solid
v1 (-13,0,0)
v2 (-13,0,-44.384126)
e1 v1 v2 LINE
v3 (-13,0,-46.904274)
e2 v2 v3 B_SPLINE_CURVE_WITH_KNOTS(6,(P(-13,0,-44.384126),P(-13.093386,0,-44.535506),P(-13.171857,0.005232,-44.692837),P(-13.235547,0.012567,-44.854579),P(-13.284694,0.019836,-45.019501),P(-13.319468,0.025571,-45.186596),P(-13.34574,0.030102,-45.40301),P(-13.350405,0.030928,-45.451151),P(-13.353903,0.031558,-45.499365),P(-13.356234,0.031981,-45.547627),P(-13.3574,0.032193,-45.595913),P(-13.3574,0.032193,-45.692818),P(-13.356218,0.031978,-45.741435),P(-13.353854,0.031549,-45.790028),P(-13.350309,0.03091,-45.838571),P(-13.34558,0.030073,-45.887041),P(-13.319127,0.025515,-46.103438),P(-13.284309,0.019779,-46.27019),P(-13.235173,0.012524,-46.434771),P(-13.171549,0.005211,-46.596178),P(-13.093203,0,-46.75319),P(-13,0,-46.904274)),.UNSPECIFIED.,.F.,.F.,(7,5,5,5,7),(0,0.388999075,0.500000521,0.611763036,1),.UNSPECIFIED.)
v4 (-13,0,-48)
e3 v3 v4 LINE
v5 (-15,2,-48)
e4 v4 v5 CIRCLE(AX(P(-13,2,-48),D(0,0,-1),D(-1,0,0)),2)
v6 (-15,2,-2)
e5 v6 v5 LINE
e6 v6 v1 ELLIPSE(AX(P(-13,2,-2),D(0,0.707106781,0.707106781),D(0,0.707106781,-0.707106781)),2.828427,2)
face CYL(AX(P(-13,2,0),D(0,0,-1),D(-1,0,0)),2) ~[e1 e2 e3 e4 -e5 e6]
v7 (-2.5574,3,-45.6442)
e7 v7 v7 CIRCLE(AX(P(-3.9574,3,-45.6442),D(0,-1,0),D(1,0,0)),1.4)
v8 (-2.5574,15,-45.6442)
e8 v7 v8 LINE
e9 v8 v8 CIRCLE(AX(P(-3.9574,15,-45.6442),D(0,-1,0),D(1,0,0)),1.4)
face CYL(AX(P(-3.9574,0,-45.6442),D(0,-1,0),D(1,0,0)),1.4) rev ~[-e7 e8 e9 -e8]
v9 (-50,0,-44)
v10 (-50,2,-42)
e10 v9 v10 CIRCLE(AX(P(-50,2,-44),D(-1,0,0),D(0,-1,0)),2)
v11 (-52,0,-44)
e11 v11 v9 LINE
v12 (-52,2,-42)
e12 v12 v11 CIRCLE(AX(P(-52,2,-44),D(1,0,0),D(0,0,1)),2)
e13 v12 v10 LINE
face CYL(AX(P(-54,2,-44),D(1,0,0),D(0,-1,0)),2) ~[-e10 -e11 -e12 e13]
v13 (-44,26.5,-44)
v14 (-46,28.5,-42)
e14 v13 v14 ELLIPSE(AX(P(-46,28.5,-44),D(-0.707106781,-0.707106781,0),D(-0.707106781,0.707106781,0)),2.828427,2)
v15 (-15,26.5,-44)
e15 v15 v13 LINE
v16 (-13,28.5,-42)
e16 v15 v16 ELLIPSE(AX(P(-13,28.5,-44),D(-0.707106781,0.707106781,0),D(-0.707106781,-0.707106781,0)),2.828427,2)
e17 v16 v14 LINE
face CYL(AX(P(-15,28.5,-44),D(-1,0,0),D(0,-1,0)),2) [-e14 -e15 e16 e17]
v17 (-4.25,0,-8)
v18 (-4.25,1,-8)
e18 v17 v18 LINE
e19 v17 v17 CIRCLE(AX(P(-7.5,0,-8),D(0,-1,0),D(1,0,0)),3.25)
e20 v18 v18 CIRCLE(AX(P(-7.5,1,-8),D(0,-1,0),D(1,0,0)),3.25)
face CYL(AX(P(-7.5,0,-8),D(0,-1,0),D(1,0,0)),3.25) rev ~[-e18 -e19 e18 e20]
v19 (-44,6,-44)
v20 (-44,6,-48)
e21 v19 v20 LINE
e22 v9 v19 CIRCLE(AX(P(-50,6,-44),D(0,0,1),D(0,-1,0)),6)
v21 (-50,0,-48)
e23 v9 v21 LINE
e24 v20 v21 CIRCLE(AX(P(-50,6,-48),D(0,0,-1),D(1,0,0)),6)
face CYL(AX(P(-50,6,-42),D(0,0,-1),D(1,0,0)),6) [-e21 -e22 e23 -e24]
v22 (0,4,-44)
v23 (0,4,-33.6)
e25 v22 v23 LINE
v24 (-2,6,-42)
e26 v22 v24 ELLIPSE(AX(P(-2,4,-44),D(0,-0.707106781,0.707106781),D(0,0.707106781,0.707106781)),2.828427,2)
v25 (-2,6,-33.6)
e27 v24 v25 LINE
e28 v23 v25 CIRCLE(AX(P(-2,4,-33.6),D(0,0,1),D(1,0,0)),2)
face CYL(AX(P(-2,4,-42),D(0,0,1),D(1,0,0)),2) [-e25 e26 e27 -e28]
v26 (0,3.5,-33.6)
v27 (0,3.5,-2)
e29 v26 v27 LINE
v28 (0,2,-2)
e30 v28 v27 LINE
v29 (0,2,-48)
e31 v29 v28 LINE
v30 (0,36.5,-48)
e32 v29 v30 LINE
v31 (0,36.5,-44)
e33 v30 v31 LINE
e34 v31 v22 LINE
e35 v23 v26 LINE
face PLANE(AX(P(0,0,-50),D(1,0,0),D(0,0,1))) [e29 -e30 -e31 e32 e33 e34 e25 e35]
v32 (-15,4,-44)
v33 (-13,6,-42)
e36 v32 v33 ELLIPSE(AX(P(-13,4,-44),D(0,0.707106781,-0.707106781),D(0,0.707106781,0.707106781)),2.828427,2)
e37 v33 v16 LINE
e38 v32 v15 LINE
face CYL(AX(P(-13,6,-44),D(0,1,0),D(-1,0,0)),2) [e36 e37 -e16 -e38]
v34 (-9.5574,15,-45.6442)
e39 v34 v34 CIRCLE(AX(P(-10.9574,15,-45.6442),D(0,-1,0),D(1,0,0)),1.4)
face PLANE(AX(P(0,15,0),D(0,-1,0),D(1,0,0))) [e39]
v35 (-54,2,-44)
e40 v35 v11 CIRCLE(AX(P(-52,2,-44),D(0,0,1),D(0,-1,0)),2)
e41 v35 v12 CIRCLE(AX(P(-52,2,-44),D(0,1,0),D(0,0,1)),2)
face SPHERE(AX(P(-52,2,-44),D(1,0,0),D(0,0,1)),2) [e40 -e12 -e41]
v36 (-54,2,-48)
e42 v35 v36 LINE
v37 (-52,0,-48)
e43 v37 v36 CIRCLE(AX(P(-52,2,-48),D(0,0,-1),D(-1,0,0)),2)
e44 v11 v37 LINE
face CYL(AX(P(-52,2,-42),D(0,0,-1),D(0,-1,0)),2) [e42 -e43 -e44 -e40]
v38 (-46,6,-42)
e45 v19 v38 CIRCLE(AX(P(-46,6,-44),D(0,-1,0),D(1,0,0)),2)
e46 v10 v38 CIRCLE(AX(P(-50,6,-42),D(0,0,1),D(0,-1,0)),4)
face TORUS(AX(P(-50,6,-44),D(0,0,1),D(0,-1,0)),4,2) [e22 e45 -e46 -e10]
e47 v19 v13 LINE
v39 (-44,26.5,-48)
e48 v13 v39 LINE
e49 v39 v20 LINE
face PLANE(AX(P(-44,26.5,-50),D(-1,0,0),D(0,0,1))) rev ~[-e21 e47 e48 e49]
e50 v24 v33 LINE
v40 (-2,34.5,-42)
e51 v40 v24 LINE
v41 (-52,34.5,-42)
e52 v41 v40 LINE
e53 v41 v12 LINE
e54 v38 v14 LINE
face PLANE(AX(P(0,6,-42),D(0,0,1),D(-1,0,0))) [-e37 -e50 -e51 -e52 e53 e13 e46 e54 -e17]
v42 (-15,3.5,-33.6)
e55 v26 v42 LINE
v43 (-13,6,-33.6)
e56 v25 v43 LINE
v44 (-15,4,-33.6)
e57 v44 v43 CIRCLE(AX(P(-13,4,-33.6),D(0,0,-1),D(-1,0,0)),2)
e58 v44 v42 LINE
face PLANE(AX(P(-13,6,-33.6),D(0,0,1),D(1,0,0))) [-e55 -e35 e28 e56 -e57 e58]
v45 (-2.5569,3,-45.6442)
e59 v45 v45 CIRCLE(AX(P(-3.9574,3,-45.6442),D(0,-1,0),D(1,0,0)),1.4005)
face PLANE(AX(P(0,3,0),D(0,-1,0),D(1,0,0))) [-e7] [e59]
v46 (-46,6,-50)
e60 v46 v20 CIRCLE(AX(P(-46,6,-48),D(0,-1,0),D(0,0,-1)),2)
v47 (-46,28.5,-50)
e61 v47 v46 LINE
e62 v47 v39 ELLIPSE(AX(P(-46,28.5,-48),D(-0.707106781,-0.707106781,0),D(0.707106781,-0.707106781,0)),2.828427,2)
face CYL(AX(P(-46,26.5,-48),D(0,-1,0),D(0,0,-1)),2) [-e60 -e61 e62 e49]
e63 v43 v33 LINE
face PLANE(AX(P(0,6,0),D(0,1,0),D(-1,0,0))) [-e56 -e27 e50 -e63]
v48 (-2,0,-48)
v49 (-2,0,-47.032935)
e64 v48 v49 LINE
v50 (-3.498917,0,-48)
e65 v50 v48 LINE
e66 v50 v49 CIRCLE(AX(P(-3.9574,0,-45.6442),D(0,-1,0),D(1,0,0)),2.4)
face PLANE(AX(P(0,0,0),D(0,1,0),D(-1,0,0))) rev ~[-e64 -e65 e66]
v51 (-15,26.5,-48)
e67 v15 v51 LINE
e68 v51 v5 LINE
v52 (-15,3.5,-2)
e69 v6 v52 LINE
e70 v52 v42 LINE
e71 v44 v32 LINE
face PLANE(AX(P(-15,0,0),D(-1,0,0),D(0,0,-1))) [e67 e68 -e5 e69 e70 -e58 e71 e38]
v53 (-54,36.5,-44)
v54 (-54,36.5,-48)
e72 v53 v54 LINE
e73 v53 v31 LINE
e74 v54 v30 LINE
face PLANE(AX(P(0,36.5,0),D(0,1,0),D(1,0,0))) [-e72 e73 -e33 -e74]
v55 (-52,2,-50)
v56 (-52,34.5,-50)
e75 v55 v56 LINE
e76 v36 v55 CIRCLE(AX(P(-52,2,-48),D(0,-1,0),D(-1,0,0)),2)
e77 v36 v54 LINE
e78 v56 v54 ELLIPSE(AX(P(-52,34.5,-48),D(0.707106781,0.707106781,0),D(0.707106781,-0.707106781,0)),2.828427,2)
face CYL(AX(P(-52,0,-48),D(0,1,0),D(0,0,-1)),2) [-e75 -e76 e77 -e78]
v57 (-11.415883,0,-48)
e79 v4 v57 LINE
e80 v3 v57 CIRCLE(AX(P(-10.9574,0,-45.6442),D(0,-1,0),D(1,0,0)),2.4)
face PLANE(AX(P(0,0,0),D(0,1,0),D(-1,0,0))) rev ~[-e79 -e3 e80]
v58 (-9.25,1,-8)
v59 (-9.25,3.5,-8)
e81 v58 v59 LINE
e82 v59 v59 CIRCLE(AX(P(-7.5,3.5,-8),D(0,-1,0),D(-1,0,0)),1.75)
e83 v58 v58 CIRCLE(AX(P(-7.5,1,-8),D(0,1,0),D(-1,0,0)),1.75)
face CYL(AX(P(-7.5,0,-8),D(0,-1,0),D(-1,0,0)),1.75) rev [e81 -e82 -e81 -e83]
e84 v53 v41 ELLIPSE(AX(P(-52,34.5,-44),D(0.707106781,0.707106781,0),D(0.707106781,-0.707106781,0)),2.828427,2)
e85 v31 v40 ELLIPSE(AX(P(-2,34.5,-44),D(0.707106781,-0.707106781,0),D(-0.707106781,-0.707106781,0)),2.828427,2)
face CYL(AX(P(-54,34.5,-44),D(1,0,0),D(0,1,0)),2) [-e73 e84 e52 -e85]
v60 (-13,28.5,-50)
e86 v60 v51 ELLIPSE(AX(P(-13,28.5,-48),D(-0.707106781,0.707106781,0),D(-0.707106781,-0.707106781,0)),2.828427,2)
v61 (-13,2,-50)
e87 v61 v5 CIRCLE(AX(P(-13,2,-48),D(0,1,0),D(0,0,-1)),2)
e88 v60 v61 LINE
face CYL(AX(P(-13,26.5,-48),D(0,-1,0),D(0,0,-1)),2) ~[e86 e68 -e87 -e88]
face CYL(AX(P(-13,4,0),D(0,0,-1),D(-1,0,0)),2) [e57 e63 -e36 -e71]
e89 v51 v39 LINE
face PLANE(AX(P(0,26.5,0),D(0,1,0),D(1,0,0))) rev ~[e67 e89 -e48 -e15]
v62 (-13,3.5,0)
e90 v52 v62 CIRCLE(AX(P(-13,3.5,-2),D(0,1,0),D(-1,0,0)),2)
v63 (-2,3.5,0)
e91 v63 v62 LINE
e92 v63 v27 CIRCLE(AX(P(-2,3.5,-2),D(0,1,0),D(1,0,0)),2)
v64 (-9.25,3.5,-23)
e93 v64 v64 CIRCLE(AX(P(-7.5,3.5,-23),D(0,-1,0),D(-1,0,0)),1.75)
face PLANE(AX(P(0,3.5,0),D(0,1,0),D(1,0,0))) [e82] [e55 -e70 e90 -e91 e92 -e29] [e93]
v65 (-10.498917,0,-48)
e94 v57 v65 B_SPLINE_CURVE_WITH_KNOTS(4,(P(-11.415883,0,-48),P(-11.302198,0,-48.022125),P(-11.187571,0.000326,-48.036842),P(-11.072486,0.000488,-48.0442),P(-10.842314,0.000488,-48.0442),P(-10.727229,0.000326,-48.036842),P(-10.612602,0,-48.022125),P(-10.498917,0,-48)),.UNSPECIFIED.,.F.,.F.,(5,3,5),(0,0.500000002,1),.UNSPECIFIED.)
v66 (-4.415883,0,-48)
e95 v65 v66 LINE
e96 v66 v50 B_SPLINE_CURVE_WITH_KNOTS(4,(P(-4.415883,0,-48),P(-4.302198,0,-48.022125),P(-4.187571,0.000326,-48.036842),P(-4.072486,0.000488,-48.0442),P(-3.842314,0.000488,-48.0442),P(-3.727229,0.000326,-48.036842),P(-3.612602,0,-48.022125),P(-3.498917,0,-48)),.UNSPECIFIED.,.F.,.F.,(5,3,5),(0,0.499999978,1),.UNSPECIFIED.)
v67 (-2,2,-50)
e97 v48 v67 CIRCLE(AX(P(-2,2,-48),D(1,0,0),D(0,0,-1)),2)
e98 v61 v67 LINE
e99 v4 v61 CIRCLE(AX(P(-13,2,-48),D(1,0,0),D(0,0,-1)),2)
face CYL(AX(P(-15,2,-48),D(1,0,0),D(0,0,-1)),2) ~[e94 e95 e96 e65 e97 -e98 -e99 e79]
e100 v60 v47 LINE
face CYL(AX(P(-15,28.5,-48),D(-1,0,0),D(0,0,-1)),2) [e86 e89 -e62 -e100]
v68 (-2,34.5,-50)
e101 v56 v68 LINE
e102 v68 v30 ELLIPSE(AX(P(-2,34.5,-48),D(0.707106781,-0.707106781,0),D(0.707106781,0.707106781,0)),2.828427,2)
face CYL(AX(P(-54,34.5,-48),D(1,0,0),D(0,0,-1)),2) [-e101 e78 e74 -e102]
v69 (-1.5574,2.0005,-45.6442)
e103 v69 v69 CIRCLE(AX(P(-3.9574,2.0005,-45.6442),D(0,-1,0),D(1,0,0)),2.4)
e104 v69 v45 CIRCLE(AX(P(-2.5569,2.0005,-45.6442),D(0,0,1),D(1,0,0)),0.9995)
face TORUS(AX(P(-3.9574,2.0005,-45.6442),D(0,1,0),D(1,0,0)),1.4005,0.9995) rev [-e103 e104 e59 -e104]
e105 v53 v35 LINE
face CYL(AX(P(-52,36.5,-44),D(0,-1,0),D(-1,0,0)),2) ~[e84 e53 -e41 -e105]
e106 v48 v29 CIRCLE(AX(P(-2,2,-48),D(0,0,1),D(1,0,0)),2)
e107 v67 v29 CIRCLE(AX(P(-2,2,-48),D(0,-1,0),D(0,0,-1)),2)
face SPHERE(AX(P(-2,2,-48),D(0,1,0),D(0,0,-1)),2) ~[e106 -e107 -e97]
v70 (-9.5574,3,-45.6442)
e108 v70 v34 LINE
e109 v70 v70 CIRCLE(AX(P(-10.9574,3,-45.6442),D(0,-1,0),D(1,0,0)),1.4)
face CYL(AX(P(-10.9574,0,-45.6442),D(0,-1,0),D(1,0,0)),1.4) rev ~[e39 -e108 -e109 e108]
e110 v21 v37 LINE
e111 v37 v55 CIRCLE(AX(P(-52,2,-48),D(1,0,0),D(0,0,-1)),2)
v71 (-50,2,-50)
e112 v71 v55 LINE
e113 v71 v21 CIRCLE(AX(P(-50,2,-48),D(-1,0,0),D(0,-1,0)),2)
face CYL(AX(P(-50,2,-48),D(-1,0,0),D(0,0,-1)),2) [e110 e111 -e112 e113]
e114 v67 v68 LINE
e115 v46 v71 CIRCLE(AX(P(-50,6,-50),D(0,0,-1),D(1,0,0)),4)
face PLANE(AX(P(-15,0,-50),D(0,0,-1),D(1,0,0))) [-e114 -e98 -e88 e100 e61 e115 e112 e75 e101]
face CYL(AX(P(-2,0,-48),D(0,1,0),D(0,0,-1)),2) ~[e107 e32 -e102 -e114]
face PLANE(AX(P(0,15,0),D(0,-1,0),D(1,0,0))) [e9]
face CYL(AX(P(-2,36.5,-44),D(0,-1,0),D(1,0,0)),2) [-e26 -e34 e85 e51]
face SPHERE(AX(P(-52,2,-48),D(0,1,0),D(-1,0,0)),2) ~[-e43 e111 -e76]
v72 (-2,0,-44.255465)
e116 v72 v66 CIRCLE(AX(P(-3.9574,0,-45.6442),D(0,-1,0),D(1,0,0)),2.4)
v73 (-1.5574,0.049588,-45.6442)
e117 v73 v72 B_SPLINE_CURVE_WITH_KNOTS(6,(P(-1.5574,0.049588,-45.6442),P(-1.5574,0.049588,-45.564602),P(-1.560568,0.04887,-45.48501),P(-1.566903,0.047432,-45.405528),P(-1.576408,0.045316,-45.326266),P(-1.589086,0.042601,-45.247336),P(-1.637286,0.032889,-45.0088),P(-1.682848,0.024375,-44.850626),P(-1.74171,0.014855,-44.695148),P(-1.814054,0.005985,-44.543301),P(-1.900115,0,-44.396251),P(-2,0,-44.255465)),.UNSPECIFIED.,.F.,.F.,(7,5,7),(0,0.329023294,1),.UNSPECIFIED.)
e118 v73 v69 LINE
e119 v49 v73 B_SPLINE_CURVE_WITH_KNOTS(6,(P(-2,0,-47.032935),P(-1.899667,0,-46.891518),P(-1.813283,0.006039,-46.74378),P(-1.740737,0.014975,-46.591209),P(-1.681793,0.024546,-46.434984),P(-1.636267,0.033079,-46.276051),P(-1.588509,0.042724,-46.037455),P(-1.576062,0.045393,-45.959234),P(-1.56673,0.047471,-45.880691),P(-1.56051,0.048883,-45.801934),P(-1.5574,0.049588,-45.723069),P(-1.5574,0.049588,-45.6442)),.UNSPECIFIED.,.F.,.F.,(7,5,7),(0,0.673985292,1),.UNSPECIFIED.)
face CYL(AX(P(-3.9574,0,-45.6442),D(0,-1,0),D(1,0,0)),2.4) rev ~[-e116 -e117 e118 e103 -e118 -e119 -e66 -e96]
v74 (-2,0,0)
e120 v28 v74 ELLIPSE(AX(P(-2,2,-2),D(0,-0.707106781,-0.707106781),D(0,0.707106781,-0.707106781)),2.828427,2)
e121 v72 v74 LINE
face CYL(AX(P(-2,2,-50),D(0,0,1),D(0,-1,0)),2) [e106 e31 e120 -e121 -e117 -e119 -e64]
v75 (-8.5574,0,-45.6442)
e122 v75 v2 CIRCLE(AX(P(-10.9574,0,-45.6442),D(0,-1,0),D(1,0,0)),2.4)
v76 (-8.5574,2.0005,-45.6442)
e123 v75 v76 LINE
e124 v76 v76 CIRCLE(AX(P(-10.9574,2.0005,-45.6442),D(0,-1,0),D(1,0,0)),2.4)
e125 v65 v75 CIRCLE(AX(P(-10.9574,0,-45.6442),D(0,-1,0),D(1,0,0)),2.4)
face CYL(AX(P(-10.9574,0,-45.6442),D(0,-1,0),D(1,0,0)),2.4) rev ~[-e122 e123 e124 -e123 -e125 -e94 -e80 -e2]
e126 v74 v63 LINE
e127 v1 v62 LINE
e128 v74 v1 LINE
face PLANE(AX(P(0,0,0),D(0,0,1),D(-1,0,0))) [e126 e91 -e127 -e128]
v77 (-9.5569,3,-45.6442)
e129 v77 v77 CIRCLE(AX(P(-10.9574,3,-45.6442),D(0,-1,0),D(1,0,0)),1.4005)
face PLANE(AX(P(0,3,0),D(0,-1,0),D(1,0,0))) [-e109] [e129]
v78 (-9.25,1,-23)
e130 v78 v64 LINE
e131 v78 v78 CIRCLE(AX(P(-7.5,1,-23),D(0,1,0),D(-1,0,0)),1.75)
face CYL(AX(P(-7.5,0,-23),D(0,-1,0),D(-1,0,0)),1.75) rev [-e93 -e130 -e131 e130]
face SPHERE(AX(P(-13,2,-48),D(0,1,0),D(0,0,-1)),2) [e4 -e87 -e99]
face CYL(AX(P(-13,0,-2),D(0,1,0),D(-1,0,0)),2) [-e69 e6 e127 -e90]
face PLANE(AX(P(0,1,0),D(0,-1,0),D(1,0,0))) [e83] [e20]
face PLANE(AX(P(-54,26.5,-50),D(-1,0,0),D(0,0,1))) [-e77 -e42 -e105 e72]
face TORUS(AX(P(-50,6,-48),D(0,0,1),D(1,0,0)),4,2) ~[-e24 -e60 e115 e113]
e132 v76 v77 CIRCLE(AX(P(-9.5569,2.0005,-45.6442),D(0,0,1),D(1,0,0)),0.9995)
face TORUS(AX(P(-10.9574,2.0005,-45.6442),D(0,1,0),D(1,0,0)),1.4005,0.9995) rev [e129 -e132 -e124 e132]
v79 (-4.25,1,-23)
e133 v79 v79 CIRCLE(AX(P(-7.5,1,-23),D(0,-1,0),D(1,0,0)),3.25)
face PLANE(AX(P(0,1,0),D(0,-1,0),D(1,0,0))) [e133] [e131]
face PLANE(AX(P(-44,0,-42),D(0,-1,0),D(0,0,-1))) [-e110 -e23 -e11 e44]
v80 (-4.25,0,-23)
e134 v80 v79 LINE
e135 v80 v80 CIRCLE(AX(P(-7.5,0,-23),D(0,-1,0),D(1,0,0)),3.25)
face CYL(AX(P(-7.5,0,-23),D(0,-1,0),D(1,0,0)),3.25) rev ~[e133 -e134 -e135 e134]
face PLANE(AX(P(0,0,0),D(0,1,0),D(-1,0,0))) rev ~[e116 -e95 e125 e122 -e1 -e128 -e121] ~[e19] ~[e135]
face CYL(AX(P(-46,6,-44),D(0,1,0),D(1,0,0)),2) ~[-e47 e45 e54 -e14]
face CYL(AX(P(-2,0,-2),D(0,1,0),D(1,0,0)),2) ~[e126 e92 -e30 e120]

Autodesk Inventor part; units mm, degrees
ref_plane "YZ Plane" through (0, 0, 0) normal (1, 0, 0) x (0, 1, 0)
ref_plane "XZ Plane" through (0, 0, 0) normal (0, 1, 0) x (-1, 0, 0)
ref_plane "XY Plane" through (0, 0, 0) normal (0, 0, 1) x (1, 0, 0)
sketch "スケッチ1" plane through (0, 0, 0) normal (0, 1, 0) x (-1, 0, 0)
  line L0 (0, 0) -> (15, 0)
  line L1 (15, 0) -> (15, -50)
  line L2 (15, -50) -> (0, -50)
  line L3 (0, -50) -> (0, 0)
  circle A0 centre (7.5, -8) radius 1.75
  circle A1 centre (7.5, -23) radius 1.75
  dimension "d0" = 15
  dimension "d1" = 50
  dimension "d2" = 15
  dimension "d3" = 3.5
  dimension "d4" = 3.5
  dimension "d5" = 0
  dimension "d6" = 7.5
  dimension "d7" = 8
extrude "押し出し1" add sketch "スケッチ1" along normal blind 6
sketch "スケッチ2" plane through (0, 6, 0) normal (0, 1, 0) x (1, 0, 0)
  line L0 (0, 0) -> (0, 50) projected
  line L1 (0, 50) -> (-15, 50) projected
  line L2 (-15, 50) -> (0, 50)
  line L3 (0, 50) -> (0, 42)
  line L4 (0, 42) -> (-15, 42)
  line L5 (-15, 42) -> (-15, 50)
  dimension "d10" = 8
extrude "押し出し2" add sketch "スケッチ2" along normal blind 20.5
sketch "スケッチ3" plane through (0, 26.5, 0) normal (0, 1, 0) x (1, 0, 0)
  line L0 (-15, 50) -> (-15, 42) projected
  line L1 (0, 42) -> (-44, 42)
  line L2 (-44, 42) -> (-44, 50)
  line L3 (-44, 50) -> (0, 50)
  line L4 (0, 50) -> (0, 42)
  point P0 (0, 0)
  dimension "d13" = 29
  dimension "d14" = 8
extrude "押し出し3" add sketch "スケッチ3" along normal blind 10
sketch "スケッチ4" plane through (-44, 26.5, -50) normal (-1, 0, 0) x (0, 0, 1)
  line L0 (50, -26.5) -> (0, -26.5) projected
  line L1 (50, -26.5) -> (50, -20.5) projected
  line L2 (8, -20.5) -> (50, -20.5) projected
  line L3 (8, -20.5) -> (8, 0) projected
  line L4 (0, 0) -> (8, 0) projected
  line L5 (0, -26.5) -> (0, 0) projected
  line L6 (8, 10) -> (0, 10)
  line L7 (0, 10) -> (0, -26.5)
  line L8 (0, -26.5) -> (8, -26.5)
  line L9 (8, -26.5) -> (8, 10)
  point P0 (50, -26.5)
extrude "押し出し4" add sketch "スケッチ4" along normal blind 10 contours L0 L5 L4 L3 L9 | L7 L6 L9 L4
fillet "フィレット1" radius 6 1 edges at (-44, 0, -46)
fillet "フィレット2" radius 2 23 edges at (-44, 16.25, -42) (-52, 0, -42) (-29.5, 26.5, -42) (-15, 16.25, -42) (0, 18.25, -50) (-27, 36.5, -50) (-54, 18.25, -42) (-54, 18.25, -50) (-54, 0, -46) (-44, 16.25, -50) (-52, 0, -50) (-15, 6, -21) (-7.5, 6, 0) (0, 6, -21) (0, 3, 0) (-15, 13.25, -50) (0, 21.25, -42) (-27, 36.5, -42) (-15, 3, 0) (-29.5, 26.5, -50) (-7.5, 0, -50) (-15, 0, -25) (0, 0, -25)
sketch "スケッチ5" plane through (0, 6, 0) normal (0, 1, 0) x (1, 0, 0)
  circle A0 centre (-7.5, 8) radius 1.75 projected
  circle A1 centre (-7.5, 23) radius 1.75 projected
  line L0 (-15, 44) -> (-15, 2) projected
  line L1 (-15, 2) -> (-13, 2) projected
  line L2 (-13, 2) -> (-13, 42) projected
  arc A2 (-15, 44) -> (-13, 42) centre (-13, 44) ccw projected
  line L3 (-2, 42) -> (-2, 2) projected
  line L4 (-2, 2) -> (0, 2) projected
  line L5 (0, 2) -> (0, 44) projected
  arc A3 (-2, 42) -> (0, 44) centre (-2, 44) ccw projected
  line L6 (-2, 0) -> (-2, 2) projected
  line L7 (-2, 2) -> (-13, 2) projected
  line L8 (-13, 2) -> (-13, 0) projected
  line L9 (-13, 0) -> (-2, 0) projected
  line L10 (-15, 33.6) -> (0, 33.6)
  line L11 (0, 33.6) -> (0, -0.8351)
  line L12 (0, -0.8351) -> (-15, -0.8351)
  line L13 (-15, -0.8351) -> (-15, 33.6)
  point P0 (0, 0)
  dimension "d21" = 10.6
extrude "押し出し5" cut sketch "スケッチ5" against normal blind 2.5 contours A0 | A1 | L10 L2 L1 L0 | L1 L8 L9 L6 L4 L11 L12 L13 | L10 L3 L7 L2 | L7 L6 L9 L8 | L10 L5 L4 L3
sketch "スケッチ6" plane through (0, 0, 0) normal (0, -1, 0) x (1, 0, 0)
  circle A0 centre (-10.9574, -45.6442) radius 1.4
  circle A1 centre (-3.9574, -45.6442) radius 1.4
  point P0 (0, 0)
  dimension "d24" = 2.8
  dimension "d25" = 2.8
  dimension "d26" = 0
  dimension "d27" = 7
extrude "押し出し6" cut sketch "スケッチ6" against normal blind 15
sketch "スケッチ7" plane through (0, 0, 0) normal (0, -1, 0) x (1, 0, 0)
  circle A0 centre (-10.9574, -45.6442) radius 1.4 projected
  circle A1 centre (-3.9574, -45.6442) radius 1.4 projected
  circle A2 centre (-10.9574, -45.6442) radius 2.4
  circle A3 centre (-3.9574, -45.6442) radius 2.4
  point P0 (0, 0)
  dimension "d30" = 1
  dimension "d31" = 1
extrude "押し出し7" cut sketch "スケッチ7" against normal blind 3
fillet "フィレット3" radius 1 2 edges at (-13.3574, 3, -45.6442) (-6.3574, 3, -45.6442)
sketch "スケッチ8" plane through (0, 0, 0) normal (0, -1, 0) x (1, 0, 0)
  circle A0 centre (-7.5, -23) radius 1.75 projected
  circle A1 centre (-7.5, -8) radius 1.75 projected
  circle A2 centre (-7.5, -8) radius 3.25
  circle A3 centre (-7.5, -23) radius 3.25
  point P0 (0, 0)
  dimension "d35" = 1.5
  dimension "d36" = 1.5
extrude "押し出し8" cut sketch "スケッチ8" against normal blind 1
equation "\"d4\" = d3"
equation "\"d6\" = 0.5 * d0"
equation "\"d25\" = d24"
equation "\"d31\" = d30"
equation "\"d36\" = d35"
properties part number "bed-hook"
